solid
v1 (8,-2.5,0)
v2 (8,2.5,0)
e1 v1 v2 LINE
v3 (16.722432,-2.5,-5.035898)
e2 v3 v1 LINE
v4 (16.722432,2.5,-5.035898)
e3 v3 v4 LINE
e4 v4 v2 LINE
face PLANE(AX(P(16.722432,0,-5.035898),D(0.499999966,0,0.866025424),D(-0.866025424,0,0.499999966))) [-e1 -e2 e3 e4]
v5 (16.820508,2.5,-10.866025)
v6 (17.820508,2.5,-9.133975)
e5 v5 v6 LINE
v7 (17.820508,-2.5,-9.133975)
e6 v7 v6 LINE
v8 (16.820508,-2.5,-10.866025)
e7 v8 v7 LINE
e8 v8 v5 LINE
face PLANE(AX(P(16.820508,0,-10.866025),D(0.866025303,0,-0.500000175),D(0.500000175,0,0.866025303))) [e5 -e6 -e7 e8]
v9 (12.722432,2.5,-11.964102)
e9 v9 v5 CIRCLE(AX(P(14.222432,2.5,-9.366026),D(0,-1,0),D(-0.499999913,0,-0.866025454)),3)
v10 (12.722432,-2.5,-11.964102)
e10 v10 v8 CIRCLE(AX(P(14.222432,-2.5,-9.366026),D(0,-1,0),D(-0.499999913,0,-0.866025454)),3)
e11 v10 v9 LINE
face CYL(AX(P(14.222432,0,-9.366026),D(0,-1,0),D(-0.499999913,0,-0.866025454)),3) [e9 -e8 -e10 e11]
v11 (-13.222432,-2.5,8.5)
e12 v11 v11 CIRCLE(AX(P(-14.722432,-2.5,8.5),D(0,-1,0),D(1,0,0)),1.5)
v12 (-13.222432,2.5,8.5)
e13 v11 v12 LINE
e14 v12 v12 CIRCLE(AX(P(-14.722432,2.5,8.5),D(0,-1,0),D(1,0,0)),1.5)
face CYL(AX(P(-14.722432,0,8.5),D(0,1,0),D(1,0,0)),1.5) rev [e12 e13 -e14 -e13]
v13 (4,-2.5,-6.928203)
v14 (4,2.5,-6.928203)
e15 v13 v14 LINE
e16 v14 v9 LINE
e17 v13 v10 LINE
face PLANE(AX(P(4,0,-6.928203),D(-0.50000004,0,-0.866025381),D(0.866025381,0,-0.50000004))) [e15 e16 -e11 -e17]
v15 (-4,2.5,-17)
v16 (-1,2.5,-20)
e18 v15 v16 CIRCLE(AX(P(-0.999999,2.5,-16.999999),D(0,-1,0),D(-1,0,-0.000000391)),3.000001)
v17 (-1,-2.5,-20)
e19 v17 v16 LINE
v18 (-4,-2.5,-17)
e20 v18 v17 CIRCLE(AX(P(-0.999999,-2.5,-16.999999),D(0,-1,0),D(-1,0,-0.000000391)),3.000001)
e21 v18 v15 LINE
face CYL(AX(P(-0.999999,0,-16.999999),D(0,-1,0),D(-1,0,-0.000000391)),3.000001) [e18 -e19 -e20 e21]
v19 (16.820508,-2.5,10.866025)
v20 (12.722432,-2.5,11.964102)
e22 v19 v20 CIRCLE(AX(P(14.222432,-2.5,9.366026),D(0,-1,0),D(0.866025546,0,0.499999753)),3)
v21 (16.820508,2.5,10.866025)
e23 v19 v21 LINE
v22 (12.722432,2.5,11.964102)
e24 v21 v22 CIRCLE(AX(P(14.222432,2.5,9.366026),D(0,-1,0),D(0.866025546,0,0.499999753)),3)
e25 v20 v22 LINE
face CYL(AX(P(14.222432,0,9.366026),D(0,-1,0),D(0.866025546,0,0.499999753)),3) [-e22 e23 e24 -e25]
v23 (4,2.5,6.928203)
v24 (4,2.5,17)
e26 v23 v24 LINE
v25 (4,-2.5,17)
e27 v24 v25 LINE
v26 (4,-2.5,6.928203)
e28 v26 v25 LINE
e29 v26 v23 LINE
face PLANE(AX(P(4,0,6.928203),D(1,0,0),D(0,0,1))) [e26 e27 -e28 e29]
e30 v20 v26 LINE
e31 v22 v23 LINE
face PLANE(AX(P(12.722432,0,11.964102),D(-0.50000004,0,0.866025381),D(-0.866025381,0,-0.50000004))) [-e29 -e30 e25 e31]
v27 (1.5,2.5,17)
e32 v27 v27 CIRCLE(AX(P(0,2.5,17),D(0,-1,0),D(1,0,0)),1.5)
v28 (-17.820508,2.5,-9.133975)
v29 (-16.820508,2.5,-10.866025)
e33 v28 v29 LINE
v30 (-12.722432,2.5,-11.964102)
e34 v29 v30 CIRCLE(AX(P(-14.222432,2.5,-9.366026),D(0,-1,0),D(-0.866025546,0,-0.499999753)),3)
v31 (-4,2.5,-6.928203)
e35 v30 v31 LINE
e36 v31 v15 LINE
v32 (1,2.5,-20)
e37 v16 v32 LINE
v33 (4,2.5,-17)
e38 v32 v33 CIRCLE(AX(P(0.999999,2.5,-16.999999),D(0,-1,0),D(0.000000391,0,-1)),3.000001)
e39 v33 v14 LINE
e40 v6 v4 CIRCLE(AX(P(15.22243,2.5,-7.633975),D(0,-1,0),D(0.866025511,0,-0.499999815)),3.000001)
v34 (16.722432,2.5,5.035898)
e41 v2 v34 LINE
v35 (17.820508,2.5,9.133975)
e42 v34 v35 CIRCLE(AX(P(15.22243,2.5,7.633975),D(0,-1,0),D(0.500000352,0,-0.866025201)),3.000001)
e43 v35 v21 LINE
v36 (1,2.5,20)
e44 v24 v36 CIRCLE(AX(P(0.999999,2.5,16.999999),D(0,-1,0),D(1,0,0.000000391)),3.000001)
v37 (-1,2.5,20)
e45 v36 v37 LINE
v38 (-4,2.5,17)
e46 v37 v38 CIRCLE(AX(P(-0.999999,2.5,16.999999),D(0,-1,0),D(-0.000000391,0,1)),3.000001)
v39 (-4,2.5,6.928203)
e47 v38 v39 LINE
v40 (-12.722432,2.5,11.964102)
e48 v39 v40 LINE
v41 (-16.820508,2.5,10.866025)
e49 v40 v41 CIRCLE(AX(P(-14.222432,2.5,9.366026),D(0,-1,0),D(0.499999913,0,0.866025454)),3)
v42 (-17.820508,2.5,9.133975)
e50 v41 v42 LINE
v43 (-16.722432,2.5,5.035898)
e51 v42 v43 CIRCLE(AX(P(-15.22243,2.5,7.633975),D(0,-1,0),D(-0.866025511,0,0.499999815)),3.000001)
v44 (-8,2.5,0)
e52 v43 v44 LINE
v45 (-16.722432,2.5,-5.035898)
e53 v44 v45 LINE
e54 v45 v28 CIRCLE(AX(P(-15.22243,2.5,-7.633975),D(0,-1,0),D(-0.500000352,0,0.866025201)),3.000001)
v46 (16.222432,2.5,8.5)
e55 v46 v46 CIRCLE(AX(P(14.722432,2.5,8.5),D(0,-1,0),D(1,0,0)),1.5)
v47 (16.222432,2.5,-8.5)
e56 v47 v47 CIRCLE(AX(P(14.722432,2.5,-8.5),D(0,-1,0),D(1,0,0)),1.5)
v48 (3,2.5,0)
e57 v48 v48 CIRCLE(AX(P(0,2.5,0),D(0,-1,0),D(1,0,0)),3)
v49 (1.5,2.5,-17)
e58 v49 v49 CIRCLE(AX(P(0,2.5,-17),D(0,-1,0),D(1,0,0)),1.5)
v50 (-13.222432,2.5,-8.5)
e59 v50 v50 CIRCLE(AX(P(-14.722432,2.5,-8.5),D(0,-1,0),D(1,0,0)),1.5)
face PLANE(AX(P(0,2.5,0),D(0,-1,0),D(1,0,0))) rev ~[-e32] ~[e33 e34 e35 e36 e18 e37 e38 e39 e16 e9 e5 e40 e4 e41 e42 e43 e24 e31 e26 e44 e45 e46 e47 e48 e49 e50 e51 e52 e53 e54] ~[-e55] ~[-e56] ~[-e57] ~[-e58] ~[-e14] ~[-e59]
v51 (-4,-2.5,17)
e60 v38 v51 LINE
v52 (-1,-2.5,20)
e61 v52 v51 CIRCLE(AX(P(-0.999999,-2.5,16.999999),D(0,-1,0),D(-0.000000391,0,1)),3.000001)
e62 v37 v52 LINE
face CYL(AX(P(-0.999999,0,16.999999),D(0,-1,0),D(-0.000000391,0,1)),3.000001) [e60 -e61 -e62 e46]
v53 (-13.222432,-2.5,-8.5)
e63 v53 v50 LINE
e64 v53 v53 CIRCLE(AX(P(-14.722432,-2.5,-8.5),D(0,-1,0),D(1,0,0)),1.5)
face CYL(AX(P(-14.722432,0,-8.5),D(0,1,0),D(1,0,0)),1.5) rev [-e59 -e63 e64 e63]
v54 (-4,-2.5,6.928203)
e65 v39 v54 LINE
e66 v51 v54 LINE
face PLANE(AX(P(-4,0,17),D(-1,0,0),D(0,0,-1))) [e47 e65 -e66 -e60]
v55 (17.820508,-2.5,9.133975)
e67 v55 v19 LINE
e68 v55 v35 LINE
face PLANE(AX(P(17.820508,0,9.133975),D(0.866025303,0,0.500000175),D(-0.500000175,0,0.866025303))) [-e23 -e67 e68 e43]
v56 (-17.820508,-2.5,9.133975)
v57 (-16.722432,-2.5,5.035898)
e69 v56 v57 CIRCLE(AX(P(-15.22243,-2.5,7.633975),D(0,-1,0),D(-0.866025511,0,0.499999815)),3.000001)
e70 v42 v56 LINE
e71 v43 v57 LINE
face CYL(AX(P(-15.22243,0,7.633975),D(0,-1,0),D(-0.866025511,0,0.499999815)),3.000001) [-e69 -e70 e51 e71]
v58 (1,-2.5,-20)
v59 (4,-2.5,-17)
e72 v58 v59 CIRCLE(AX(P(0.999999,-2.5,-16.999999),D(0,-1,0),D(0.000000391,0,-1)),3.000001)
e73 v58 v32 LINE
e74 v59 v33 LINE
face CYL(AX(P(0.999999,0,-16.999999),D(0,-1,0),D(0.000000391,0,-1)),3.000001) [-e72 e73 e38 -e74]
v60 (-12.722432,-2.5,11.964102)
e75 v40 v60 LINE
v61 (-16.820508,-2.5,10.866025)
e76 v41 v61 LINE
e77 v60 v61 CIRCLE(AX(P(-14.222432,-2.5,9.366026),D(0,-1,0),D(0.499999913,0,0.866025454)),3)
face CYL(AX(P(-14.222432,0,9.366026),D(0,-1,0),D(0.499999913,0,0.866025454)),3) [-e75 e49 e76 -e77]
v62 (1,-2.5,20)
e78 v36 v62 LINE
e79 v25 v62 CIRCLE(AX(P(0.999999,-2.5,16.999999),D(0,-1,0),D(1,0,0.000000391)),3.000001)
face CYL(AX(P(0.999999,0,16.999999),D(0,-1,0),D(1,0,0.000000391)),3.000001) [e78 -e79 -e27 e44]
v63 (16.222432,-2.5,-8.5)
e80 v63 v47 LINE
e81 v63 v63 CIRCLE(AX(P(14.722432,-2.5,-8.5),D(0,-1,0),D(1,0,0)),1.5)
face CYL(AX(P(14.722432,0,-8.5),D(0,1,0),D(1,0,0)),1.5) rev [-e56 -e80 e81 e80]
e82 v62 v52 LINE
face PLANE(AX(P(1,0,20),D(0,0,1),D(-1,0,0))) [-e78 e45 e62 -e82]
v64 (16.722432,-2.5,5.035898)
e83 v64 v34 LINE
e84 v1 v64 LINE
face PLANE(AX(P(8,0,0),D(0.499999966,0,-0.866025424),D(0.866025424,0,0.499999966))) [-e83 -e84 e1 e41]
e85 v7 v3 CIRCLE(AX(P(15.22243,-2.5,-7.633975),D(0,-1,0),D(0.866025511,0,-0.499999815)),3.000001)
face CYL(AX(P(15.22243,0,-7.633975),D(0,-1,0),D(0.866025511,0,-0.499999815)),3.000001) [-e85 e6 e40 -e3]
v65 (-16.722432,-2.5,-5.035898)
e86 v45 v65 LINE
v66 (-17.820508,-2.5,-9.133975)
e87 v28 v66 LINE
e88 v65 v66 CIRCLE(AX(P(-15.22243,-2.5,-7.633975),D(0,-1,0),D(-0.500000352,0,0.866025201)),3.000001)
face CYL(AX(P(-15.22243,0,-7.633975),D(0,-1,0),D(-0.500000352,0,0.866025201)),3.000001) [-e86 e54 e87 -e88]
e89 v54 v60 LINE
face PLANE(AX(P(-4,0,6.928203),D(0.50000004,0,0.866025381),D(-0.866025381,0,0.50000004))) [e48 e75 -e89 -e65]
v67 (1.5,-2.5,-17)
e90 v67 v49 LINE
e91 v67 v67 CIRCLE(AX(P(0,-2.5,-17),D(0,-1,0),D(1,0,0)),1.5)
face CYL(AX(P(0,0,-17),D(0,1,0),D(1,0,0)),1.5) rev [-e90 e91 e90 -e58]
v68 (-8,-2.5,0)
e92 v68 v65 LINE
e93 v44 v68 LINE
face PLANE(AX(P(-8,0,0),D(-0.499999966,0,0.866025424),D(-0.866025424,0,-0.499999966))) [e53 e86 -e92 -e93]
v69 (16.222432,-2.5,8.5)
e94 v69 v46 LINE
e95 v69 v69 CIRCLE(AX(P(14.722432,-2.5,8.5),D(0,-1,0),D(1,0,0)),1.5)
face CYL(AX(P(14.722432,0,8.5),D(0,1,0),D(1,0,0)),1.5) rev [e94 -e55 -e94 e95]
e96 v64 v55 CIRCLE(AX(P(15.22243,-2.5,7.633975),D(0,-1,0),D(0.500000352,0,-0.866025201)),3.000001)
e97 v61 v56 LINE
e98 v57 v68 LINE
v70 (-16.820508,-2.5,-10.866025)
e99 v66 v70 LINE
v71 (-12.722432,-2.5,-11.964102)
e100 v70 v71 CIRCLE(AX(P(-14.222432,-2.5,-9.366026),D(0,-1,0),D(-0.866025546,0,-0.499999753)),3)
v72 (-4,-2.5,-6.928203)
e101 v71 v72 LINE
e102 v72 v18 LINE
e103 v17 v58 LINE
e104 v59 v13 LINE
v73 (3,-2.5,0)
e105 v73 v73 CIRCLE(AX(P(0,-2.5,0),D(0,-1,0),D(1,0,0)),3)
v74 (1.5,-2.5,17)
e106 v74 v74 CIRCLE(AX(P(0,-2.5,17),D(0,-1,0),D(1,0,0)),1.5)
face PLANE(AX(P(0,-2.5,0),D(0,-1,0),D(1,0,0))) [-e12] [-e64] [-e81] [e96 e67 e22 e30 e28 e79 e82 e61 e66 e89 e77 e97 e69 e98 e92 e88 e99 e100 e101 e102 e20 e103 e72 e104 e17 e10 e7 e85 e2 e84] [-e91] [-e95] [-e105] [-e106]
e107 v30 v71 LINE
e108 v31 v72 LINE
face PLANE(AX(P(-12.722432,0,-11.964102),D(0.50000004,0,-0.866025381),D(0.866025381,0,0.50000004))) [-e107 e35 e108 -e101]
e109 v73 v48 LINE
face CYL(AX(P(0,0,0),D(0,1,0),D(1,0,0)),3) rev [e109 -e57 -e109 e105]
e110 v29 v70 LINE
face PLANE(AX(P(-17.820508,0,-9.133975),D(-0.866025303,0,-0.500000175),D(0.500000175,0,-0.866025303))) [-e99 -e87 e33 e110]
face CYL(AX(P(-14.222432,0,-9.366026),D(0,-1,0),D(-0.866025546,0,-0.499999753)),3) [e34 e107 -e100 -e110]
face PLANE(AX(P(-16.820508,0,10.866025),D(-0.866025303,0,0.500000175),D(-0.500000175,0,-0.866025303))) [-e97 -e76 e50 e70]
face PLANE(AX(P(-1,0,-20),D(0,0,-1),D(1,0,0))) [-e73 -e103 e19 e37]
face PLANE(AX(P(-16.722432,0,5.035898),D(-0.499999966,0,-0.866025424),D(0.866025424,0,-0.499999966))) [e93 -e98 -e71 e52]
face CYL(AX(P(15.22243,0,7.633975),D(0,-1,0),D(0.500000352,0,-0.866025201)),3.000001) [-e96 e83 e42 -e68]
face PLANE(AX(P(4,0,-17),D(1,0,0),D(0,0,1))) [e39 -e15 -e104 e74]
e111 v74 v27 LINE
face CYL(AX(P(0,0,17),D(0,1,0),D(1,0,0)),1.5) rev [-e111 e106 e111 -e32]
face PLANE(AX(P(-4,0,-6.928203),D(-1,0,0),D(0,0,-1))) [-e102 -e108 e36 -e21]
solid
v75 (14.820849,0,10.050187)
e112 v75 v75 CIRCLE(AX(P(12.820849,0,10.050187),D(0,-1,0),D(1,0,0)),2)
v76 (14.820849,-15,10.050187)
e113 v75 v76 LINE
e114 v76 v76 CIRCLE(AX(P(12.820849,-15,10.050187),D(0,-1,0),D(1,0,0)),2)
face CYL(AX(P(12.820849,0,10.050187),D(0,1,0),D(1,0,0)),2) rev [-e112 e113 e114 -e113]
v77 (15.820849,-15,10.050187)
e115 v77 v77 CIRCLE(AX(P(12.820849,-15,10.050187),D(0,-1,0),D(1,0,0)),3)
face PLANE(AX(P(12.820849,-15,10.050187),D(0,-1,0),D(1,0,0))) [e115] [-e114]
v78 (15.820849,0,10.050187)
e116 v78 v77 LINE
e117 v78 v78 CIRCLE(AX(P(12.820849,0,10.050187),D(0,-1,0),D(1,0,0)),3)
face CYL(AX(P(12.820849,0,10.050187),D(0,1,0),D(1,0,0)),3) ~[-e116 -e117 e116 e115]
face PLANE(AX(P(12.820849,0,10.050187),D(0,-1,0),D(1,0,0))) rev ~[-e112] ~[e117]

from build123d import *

# Parameters (mm, degrees)
F0_R     = 1.5
F0_R_2   = 3
F1_DEPTH = 2.5
F2_R     = 4.5
F2_R_2   = 3
F3_DEPTH = 5.5
F5_R     = 3
F5_R_2   = 2
F6_DEPTH = 15


with BuildPart() as f1:
    # F0 (on Front) → F1 (new body, symmetric)
    with BuildSketch(Plane.XZ):
        with BuildLine():
            Line((4, 6.928203), (4, 17))
            ThreePointArc((4, 17), (3.12132, 19.12132), (1, 20))
            Line((1, 20), (-1, 20))
            ThreePointArc((-1, 20), (-3.12132, 19.12132), (-4, 17))
            Line((-4, 17), (-4, 6.928203))
            Line((-4, 6.928203), (-12.722432, 11.964102))
            ThreePointArc((-12.722432, 11.964102), (-14.998889, 12.263803), (-16.820508, 10.866025))
            Line((-16.820508, 10.866025), (-17.820508, 9.133975))
            ThreePointArc((-17.820508, 9.133975), (-18.120209, 6.857517), (-16.722432, 5.035898))
            Line((-16.722432, 5.035898), (-8, 0))
            Line((-8, 0), (-16.722432, -5.035898))
            ThreePointArc((-16.722432, -5.035898), (-18.120209, -6.857517), (-17.820508, -9.133975))
            Line((-17.820508, -9.133975), (-16.820508, -10.866025))
            ThreePointArc((-16.820508, -10.866025), (-14.998889, -12.263803), (-12.722432, -11.964102))
            Line((-12.722432, -11.964102), (-4, -6.928203))
            Line((-4, -6.928203), (-4, -17))
            ThreePointArc((-4, -17), (-3.12132, -19.12132), (-1, -20))
            Line((-1, -20), (1, -20))
            ThreePointArc((1, -20), (3.12132, -19.12132), (4, -17))
            Line((4, -17), (4, -6.928203))
            Line((4, -6.928203), (12.722432, -11.964102))
            ThreePointArc((12.722432, -11.964102), (14.998889, -12.263803), (16.820508, -10.866025))
            Line((16.820508, -10.866025), (17.820508, -9.133975))
            ThreePointArc((17.820508, -9.133975), (18.120209, -6.857517), (16.722432, -5.035898))
            Line((16.722432, -5.035898), (8, 0))
            Line((8, 0), (16.722432, 5.035898))
            ThreePointArc((16.722432, 5.035898), (18.120209, 6.857517), (17.820508, 9.133975))
            Line((17.820508, 9.133975), (16.820508, 10.866025))
            ThreePointArc((16.820508, 10.866025), (14.998889, 12.263803), (12.722432, 11.964102))
            Line((12.722432, 11.964102), (4, 6.928203))
        make_face()
        with Locations((-14.722432, -8.5)):
            Circle(F0_R, mode=Mode.SUBTRACT)
        with Locations((0, -17)):
            Circle(F0_R, mode=Mode.SUBTRACT)
        with Locations((14.722432, -8.5)):
            Circle(F0_R, mode=Mode.SUBTRACT)
        with Locations((-14.722432, 8.5)):
            Circle(F0_R, mode=Mode.SUBTRACT)
        Circle(F0_R_2, mode=Mode.SUBTRACT)
        with Locations((14.722432, 8.5)):
            Circle(F0_R, mode=Mode.SUBTRACT)
        with Locations((0, 17)):
            Circle(F0_R, mode=Mode.SUBTRACT)
    extrude(amount=F1_DEPTH, both=True)


with BuildPart() as f3:
    # F2 (on Front) → F3 (new body)
    with BuildSketch(Plane.XZ):
        with Locations((-21.388192, 23.641713)):
            Circle(F2_R)
        with Locations((-21.388192, 23.641713)):
            Circle(F2_R_2, mode=Mode.SUBTRACT)
    extrude(amount=F3_DEPTH)


with BuildPart() as f6:
    # F5 (on Front) → F6 (new body)
    with BuildSketch(Plane.XZ):
        with Locations((12.820849, 10.050187)):
            Circle(F5_R)
        with Locations((12.820849, 10.050187)):
            Circle(F5_R_2, mode=Mode.SUBTRACT)
    extrude(amount=F6_DEPTH)


solid = Compound([f1.part, f6.part])
